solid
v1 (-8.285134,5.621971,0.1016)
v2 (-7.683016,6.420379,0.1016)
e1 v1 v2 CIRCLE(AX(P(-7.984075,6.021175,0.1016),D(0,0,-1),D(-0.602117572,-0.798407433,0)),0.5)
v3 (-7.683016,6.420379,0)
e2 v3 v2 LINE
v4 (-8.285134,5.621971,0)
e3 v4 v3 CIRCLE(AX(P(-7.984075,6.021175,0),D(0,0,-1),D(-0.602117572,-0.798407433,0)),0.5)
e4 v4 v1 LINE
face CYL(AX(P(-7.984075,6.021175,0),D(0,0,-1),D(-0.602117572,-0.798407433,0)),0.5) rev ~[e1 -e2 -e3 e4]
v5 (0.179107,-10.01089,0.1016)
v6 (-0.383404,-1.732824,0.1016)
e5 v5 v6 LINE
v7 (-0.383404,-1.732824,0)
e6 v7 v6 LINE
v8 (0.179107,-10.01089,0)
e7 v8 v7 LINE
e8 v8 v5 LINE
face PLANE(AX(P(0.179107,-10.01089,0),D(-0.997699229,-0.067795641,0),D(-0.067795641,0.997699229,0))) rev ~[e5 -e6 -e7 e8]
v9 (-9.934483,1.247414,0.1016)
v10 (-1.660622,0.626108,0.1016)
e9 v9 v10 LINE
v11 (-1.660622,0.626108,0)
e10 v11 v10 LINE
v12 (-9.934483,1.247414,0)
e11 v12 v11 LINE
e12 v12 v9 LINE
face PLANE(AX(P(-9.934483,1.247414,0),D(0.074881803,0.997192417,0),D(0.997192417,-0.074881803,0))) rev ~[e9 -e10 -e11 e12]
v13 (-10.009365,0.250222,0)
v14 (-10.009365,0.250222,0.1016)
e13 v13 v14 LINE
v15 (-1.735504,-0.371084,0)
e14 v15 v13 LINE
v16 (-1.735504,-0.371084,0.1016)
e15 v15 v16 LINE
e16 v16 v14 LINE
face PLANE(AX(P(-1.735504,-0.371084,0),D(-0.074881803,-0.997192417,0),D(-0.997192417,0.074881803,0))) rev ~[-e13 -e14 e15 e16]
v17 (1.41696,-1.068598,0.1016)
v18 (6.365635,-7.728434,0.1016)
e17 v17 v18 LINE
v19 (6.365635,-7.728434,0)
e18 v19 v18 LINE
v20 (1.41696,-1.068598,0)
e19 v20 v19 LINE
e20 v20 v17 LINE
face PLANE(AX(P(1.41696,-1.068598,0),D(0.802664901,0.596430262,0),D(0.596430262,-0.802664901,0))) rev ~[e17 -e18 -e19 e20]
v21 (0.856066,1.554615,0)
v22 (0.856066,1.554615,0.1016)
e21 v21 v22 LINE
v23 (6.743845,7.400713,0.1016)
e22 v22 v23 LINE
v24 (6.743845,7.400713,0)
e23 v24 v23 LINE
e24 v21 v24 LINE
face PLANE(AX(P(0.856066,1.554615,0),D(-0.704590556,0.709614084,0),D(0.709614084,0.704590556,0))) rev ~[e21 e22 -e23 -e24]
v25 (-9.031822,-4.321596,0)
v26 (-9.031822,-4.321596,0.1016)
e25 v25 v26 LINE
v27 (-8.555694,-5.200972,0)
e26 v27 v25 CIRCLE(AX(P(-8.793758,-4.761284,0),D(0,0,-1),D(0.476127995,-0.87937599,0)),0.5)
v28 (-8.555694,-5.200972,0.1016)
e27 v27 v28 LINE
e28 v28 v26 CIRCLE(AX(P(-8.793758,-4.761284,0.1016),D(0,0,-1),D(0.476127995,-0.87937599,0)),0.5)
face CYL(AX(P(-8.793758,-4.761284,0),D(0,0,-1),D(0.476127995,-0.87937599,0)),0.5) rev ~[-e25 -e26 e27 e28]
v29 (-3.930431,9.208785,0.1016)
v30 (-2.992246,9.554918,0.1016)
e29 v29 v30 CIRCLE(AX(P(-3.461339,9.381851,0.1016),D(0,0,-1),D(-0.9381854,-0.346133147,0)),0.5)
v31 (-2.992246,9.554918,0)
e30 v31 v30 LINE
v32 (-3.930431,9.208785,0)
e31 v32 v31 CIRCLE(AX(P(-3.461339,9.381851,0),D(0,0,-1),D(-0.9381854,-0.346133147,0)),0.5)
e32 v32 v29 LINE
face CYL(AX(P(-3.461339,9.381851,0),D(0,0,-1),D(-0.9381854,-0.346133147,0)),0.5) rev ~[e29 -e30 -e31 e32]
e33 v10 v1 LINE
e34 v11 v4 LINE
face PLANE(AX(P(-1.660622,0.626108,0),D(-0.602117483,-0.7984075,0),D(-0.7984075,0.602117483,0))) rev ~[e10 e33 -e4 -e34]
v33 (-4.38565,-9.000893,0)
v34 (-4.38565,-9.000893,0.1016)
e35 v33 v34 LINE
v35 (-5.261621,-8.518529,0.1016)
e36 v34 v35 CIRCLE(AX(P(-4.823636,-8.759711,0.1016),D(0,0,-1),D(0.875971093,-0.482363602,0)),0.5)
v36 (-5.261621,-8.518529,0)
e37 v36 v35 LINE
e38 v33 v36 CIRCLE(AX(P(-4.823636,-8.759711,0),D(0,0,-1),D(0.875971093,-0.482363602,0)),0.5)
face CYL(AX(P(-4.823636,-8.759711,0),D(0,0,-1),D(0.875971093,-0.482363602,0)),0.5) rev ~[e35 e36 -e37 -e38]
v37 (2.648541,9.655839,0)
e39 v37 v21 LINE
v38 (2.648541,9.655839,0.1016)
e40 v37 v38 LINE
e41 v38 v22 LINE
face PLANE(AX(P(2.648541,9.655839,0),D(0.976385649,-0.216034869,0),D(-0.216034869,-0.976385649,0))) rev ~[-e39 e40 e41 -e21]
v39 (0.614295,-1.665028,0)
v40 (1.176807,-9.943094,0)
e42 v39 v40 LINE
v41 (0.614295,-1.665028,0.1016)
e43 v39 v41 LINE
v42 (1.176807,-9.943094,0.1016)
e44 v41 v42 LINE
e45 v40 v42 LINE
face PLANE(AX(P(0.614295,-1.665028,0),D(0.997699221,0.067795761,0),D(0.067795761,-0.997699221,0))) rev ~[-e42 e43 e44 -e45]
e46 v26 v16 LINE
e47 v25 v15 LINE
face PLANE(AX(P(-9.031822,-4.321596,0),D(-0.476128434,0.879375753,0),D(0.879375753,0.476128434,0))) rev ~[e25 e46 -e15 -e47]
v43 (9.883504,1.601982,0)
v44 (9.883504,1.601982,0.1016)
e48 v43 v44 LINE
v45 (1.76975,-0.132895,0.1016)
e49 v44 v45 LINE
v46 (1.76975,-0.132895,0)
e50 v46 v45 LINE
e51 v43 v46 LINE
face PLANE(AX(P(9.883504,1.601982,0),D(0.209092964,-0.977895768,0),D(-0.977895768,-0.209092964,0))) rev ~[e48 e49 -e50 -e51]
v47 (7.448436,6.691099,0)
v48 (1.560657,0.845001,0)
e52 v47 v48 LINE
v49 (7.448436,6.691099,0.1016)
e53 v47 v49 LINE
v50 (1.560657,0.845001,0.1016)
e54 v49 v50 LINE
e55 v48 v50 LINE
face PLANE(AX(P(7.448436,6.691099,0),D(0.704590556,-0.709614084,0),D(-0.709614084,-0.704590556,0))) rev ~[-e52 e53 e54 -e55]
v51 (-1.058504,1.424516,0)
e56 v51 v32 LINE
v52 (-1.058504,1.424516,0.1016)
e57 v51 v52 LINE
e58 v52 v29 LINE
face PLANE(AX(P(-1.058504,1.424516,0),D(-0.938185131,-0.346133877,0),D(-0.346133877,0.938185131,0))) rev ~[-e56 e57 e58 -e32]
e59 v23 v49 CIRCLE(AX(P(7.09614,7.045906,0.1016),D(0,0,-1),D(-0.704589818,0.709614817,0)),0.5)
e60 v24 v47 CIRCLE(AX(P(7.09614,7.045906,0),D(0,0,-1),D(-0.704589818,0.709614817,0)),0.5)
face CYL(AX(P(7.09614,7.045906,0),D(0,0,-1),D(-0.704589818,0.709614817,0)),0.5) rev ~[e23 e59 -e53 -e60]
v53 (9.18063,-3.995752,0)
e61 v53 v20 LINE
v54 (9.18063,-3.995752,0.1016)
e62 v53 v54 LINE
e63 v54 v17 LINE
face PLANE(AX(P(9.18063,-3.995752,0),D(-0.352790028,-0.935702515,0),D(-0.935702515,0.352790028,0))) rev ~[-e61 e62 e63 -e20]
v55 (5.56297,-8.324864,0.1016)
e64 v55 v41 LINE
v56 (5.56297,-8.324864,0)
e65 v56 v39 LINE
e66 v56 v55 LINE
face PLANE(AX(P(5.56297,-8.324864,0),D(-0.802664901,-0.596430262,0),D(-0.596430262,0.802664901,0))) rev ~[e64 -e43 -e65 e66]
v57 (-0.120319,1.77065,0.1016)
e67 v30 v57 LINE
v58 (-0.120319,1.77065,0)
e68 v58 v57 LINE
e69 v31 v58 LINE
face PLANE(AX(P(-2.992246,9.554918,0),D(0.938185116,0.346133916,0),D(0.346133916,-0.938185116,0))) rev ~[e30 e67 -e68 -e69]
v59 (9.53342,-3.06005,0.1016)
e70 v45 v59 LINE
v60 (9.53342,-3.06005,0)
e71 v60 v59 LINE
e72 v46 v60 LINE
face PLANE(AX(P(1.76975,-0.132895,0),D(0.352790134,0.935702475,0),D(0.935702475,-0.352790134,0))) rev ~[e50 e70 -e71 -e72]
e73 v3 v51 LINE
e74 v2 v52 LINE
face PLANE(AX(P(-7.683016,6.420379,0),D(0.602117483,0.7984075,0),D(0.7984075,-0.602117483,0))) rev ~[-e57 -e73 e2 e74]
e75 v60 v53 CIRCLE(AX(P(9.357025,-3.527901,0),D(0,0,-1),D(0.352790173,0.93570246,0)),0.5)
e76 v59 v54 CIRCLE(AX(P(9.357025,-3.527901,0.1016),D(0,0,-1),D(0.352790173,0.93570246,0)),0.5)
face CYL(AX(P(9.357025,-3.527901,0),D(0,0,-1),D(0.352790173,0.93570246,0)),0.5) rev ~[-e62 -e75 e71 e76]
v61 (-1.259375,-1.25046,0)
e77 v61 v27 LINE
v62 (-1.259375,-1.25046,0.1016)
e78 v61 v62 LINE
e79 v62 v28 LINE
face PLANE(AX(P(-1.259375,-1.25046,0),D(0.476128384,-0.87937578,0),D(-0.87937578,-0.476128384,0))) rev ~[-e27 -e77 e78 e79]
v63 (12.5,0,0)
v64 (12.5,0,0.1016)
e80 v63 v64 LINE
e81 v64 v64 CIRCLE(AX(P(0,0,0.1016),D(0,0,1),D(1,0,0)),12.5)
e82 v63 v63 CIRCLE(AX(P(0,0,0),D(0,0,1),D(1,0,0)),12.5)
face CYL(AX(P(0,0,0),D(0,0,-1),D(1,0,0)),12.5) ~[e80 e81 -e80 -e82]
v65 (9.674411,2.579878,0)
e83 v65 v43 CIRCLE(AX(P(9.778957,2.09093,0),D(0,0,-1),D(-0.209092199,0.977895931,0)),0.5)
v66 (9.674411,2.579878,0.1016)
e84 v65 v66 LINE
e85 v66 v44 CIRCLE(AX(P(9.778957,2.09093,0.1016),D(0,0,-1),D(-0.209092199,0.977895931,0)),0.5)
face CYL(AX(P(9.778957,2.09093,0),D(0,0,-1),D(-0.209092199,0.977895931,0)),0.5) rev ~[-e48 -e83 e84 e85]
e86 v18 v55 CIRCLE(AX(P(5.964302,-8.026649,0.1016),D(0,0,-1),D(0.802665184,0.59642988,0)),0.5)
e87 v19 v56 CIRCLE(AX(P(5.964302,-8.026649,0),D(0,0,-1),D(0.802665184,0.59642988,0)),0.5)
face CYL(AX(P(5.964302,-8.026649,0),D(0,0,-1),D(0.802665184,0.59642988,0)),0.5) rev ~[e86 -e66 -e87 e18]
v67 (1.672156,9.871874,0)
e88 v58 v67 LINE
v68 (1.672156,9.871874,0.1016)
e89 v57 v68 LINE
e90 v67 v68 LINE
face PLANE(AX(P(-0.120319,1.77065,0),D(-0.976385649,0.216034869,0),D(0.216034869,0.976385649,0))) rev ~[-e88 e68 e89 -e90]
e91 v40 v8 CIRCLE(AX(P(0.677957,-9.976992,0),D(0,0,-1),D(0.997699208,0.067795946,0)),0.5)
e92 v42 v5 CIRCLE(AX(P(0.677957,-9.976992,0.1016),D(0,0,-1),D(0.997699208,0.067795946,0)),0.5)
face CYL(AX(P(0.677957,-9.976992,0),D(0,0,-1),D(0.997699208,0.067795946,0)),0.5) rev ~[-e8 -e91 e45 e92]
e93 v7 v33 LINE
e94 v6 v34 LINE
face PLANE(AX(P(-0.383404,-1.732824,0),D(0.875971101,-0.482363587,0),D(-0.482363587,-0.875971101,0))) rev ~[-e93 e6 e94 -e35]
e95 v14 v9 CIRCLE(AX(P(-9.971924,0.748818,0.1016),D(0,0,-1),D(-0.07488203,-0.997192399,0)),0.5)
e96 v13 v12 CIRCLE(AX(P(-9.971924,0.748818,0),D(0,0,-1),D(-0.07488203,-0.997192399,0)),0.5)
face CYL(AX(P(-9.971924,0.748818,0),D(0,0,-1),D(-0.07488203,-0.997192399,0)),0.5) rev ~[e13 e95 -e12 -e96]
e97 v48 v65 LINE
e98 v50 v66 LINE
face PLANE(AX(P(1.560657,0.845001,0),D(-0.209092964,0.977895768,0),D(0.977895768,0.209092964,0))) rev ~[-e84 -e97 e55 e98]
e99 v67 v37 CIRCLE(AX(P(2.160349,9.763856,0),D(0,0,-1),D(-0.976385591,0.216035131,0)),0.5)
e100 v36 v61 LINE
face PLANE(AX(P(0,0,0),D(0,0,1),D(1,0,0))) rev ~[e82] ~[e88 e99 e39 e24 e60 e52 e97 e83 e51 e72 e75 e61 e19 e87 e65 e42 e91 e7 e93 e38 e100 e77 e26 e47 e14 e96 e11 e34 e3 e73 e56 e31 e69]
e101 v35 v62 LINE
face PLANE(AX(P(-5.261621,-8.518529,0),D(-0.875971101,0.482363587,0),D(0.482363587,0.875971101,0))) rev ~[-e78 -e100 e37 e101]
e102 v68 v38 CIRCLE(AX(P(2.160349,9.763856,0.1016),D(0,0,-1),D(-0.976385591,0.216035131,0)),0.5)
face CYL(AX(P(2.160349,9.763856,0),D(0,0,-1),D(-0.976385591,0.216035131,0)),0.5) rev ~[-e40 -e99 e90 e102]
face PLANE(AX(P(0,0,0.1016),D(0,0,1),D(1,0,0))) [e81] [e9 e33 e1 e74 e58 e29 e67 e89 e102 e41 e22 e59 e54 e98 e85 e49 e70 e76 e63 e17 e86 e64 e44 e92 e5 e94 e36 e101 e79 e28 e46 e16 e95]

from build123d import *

# Parameters (mm, degrees)
F0_R     = 12.5
F1_DEPTH = 0.1016


with BuildPart() as f1:
    # F0 (on Top) → F1 (new body)
    with BuildSketch(Plane.XY):
        Circle(F0_R)
        with BuildLine():
            Line((2.648541, 9.655839), (0.856066, 1.554615))
            Line((0.856066, 1.554615), (6.743845, 7.400713))
            ThreePointArc((6.743845, 7.400713), (7.450947, 7.398201), (7.448436, 6.691099))
            Line((7.448436, 6.691099), (1.560657, 0.845001))
            Line((1.560657, 0.845001), (9.674411, 2.579878))
            ThreePointArc((9.674411, 2.579878), (10.267905, 2.195477), (9.883504, 1.601982))
            Line((9.883504, 1.601982), (1.76975, -0.132895))
            Line((1.76975, -0.132895), (9.53342, -3.06005))
            ThreePointArc((9.53342, -3.06005), (9.824876, -3.704296), (9.18063, -3.995752))
            Line((9.18063, -3.995752), (1.41696, -1.068598))
            Line((1.41696, -1.068598), (6.365635, -7.728434))
            ThreePointArc((6.365635, -7.728434), (6.262518, -8.427981), (5.56297, -8.324864))
            Line((5.56297, -8.324864), (0.614295, -1.665028))
            Line((0.614295, -1.665028), (1.176807, -9.943094))
            ThreePointArc((1.176807, -9.943094), (0.711855, -10.475842), (0.179107, -10.01089))
            Line((0.179107, -10.01089), (-0.383404, -1.732824))
            Line((-0.383404, -1.732824), (-4.38565, -9.000893))
            ThreePointArc((-4.38565, -9.000893), (-5.064817, -9.197697), (-5.261621, -8.518529))
            Line((-5.261621, -8.518529), (-1.259375, -1.25046))
            Line((-1.259375, -1.25046), (-8.555694, -5.200972))
            ThreePointArc((-8.555694, -5.200972), (-9.233446, -4.999348), (-9.031822, -4.321596))
            Line((-9.031822, -4.321596), (-1.735504, -0.371084))
            Line((-1.735504, -0.371084), (-10.009365, 0.250222))
            ThreePointArc((-10.009365, 0.250222), (-10.47052, 0.786259), (-9.934483, 1.247414))
            Line((-9.934483, 1.247414), (-1.660622, 0.626108))
            Line((-1.660622, 0.626108), (-8.285134, 5.621971))
            ThreePointArc((-8.285134, 5.621971), (-8.383279, 6.322234), (-7.683016, 6.420379))
            Line((-7.683016, 6.420379), (-1.058504, 1.424516))
            Line((-1.058504, 1.424516), (-3.930431, 9.208785))
            ThreePointArc((-3.930431, 9.208785), (-3.634405, 9.850944), (-2.992246, 9.554918))
            Line((-2.992246, 9.554918), (-0.120319, 1.77065))
            Line((-0.120319, 1.77065), (1.672156, 9.871874))
            ThreePointArc((1.672156, 9.871874), (2.268366, 10.252049), (2.648541, 9.655839))
        make_face(mode=Mode.SUBTRACT)
    extrude(amount=F1_DEPTH)


solid = f1.part
